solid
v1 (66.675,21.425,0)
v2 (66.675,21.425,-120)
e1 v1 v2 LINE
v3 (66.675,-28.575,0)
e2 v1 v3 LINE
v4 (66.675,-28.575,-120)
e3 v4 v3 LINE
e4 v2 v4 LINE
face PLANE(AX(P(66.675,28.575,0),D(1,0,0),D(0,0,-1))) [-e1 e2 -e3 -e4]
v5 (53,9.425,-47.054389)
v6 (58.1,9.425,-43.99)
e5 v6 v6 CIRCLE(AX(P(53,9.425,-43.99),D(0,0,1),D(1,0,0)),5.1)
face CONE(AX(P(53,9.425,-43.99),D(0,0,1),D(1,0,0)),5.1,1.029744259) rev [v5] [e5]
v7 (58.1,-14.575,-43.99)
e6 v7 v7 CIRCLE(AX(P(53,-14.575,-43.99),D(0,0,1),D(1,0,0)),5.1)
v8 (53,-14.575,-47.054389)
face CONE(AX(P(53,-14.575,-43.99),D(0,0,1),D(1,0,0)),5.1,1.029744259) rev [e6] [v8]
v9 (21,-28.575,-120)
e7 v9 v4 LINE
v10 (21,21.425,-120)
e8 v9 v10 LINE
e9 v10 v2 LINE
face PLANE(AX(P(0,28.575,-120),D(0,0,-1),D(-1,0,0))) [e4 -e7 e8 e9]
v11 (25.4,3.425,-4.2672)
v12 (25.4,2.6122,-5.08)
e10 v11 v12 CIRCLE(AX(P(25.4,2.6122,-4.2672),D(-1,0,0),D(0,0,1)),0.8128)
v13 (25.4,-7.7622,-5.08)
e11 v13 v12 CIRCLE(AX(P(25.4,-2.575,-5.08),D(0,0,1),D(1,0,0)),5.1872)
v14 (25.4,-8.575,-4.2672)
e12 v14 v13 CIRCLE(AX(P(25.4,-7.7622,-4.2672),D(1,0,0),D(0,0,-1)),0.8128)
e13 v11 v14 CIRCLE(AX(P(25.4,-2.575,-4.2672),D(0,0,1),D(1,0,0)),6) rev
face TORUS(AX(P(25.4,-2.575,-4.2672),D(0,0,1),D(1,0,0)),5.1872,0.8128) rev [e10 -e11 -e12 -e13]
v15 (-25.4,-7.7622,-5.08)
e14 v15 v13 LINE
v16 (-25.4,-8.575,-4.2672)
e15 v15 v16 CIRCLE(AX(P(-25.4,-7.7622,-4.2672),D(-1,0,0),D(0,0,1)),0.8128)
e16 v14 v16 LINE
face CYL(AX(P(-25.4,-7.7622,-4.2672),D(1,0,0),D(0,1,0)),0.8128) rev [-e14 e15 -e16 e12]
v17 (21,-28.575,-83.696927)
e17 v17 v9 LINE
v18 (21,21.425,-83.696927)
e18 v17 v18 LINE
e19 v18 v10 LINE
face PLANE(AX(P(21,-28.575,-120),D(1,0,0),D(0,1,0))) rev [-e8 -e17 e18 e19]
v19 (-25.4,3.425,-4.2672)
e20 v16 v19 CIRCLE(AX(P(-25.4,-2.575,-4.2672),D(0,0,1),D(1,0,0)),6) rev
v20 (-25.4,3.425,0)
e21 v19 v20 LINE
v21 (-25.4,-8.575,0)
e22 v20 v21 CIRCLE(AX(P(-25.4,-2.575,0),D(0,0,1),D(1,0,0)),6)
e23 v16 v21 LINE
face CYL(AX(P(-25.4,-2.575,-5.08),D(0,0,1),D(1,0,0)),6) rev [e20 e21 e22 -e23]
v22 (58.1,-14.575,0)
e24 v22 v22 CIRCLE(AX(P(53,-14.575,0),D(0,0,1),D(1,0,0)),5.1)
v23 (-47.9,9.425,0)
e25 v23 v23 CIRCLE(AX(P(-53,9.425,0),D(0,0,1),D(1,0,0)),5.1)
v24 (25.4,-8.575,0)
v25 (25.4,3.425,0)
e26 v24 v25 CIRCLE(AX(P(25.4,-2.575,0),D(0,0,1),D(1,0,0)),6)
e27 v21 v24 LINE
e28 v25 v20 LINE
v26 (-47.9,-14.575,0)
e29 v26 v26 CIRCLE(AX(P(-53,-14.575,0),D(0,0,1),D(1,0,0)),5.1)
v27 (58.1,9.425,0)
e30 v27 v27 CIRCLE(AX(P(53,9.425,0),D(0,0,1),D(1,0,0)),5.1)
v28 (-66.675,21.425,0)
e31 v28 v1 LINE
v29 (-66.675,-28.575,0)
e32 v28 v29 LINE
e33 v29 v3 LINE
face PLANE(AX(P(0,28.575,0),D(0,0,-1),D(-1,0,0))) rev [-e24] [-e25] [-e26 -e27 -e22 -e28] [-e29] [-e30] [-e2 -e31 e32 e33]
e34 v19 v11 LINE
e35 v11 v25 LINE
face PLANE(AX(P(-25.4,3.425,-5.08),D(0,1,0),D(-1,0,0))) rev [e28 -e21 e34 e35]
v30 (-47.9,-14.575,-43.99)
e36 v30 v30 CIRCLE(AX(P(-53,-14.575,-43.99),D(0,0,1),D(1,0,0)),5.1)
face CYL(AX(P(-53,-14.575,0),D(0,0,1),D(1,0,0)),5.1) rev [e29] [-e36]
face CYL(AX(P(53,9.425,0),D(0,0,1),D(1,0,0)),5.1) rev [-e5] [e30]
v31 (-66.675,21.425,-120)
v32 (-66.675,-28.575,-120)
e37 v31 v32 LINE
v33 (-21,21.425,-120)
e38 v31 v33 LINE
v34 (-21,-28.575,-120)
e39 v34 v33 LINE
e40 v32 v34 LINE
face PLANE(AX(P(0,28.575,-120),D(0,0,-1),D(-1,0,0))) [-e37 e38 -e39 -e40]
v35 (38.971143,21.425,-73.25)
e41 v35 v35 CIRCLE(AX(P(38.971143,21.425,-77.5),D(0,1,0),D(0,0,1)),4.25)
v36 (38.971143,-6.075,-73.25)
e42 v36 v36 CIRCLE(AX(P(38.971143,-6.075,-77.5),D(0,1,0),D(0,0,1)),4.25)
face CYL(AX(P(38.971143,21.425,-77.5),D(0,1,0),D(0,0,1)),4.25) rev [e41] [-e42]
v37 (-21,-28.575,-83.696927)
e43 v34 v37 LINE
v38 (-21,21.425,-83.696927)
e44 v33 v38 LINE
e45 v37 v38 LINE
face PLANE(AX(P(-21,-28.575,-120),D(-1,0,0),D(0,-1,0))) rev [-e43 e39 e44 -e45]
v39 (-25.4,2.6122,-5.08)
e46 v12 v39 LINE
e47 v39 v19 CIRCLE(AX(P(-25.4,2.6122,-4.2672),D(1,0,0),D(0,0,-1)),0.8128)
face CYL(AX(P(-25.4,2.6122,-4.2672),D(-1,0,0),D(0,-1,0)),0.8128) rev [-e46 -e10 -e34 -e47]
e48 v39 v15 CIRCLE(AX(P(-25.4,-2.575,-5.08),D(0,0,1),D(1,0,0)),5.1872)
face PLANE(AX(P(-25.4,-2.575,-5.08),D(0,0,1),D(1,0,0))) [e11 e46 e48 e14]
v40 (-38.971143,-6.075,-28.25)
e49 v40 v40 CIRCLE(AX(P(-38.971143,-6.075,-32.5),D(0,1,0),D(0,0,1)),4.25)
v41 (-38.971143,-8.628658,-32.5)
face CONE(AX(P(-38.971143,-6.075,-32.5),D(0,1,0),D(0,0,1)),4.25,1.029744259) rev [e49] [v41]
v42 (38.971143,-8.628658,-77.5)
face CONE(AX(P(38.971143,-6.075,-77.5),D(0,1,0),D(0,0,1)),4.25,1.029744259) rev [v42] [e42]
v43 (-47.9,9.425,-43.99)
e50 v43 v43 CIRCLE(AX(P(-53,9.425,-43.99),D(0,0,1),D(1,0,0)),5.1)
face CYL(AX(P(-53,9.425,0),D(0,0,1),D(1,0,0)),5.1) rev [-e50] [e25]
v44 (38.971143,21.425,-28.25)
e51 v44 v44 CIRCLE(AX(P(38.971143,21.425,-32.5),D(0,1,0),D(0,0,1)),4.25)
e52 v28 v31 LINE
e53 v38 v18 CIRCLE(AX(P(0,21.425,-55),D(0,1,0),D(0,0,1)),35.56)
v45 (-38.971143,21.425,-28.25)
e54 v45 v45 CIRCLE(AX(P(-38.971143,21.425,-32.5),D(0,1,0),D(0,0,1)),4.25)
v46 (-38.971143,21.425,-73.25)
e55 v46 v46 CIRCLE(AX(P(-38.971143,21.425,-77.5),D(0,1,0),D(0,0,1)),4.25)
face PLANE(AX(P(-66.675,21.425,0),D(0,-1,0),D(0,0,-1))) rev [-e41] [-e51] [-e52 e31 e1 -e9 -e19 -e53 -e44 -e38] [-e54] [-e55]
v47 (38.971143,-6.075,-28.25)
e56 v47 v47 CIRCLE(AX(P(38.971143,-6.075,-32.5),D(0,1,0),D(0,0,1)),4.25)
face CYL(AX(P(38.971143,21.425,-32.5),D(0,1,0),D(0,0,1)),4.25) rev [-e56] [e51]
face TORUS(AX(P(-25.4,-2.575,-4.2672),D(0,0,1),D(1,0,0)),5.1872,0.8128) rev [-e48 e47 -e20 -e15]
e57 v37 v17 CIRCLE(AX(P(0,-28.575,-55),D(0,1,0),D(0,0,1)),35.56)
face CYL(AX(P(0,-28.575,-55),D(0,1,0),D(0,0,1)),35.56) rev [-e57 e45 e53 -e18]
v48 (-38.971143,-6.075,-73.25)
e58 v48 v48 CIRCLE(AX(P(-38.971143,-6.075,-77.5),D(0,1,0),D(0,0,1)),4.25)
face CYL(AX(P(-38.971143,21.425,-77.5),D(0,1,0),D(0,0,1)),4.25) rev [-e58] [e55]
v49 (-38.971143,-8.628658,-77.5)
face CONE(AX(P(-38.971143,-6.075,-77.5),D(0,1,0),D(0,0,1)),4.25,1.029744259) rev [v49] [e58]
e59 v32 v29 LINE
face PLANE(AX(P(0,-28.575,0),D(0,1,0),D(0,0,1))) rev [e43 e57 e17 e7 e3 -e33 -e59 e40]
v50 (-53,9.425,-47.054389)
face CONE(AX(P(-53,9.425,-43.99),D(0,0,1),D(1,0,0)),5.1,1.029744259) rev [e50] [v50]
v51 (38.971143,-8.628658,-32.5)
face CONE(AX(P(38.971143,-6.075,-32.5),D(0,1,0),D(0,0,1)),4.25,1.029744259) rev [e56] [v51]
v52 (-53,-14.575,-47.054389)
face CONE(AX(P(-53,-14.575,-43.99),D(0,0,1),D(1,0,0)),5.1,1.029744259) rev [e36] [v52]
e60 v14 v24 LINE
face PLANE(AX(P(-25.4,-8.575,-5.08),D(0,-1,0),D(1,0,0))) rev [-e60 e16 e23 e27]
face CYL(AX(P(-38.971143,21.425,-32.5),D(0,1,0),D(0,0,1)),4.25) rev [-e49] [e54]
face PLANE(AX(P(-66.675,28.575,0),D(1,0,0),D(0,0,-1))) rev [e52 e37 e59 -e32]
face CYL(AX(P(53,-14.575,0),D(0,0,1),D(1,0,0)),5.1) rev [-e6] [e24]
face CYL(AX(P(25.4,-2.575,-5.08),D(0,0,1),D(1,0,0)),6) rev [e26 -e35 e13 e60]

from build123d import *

# Parameters (mm, degrees)
SKETCH1_W               = 133.35
SKETCH1_H               = 120.65
BOSS_EXTRUDE1_DEPTH     = 28.575
CUT_EXTRUDE2_DEPTH      = 141.221561288
CUT_EXTRUDE2_DEPTH_BACK = 141.221561288
SKETCH1_3_W             = 133.35
SKETCH1_3_H             = 0.65
SKETCH2_W               = 120
SKETCH2_H               = 7.15
CUT_EXTRUDE3_DEPTH      = 182.655589303
SKETCH3_R               = 35.56
CUT_EXTRUDE4_DEPTH      = 147.101182832
SKETCH4_W               = 42
SKETCH4_H               = 36.303073335
CUT_EXTRUDE5_DEPTH      = 147.101182832
M10_TAPPED_HOLE1_D      = 8.5
M10_TAPPED_HOLE1_DEPTH  = 27.5
M10_TAPPED_HOLE1_TIP    = 2.553657631
M12_TAPPED_HOLE1_D      = 10.2
M12_TAPPED_HOLE1_DEPTH  = 43.99
M12_TAPPED_HOLE1_TIP    = 3.064389157
CUT_EXTRUDE6_DEPTH      = 5.08
FILLET1_R               = 0.8128


with BuildPart() as part:
    # Sketch1 → Boss-Extrude1 (new, symmetric)
    with BuildSketch(Plane(origin=(0, 0, 0), x_dir=(1, 0, 0), z_dir=(0, 1, 0))):
        with Locations((0, 59.675)):
            Rectangle(SKETCH1_W, SKETCH1_H)
    extrude(amount=BOSS_EXTRUDE1_DEPTH, both=True)

    # Sketch1<3> → Cut-Extrude2 (cut, two sides: drawn at the far end of the back side and taken through both)
    with BuildSketch(Plane(origin=(0, 0, 0), x_dir=(1, 0, 0), z_dir=(0, 1, 0)).offset(-CUT_EXTRUDE2_DEPTH_BACK)):
        with Locations((0, -0.325)):
            Rectangle(SKETCH1_3_W, SKETCH1_3_H)
    extrude(amount=CUT_EXTRUDE2_DEPTH + CUT_EXTRUDE2_DEPTH_BACK, mode=Mode.SUBTRACT)

    # Sketch2 → Cut-Extrude3 (cut, through all)
    with BuildSketch(Plane(origin=(66.675, 0, 0), x_dir=(0, 0, -1), z_dir=(1, 0, 0))):
        with Locations((60, 25)):
            Rectangle(SKETCH2_W, SKETCH2_H)
    extrude(amount=-CUT_EXTRUDE3_DEPTH, mode=Mode.SUBTRACT)

    # Sketch3 → Cut-Extrude4 (cut, through all)
    with BuildSketch(Plane(origin=(0, 21.425, 0), x_dir=(1, 0, 0), z_dir=(0, 1, 0))):
        with Locations((0, 55)):
            Circle(SKETCH3_R)
    extrude(amount=-CUT_EXTRUDE4_DEPTH, mode=Mode.SUBTRACT)

    # Sketch4 → Cut-Extrude5 (cut, through all)
    with BuildSketch(Plane(origin=(0, 21.425, 0), x_dir=(1, 0, 0), z_dir=(0, 1, 0))):
        with Locations((0, 101.848463333)):
            Rectangle(SKETCH4_W, SKETCH4_H)
    extrude(amount=-CUT_EXTRUDE5_DEPTH, mode=Mode.SUBTRACT)

    # M10 Tapped Hole1
    with Locations(Plane(origin=(0, 21.425, 0), x_dir=(1, 0, 0), z_dir=(0, 1, 0))):
        with Locations((-38.97114317, 77.5), (-38.97114317, 32.5), (38.97114317, 77.5), (38.97114317, 32.5)):
            Hole(M10_TAPPED_HOLE1_D / 2, depth=M10_TAPPED_HOLE1_DEPTH)
            with Locations((0, 0, -(M10_TAPPED_HOLE1_DEPTH + M10_TAPPED_HOLE1_TIP / 2))):  # 118° drill point
                Cone(0, M10_TAPPED_HOLE1_D / 2, M10_TAPPED_HOLE1_TIP, mode=Mode.SUBTRACT)

    # M12 Tapped Hole1
    with Locations(Plane.XY):
        with Locations((-53, 9.425), (-53, -14.575), (53, 9.425), (53, -14.575)):
            Hole(M12_TAPPED_HOLE1_D / 2, depth=M12_TAPPED_HOLE1_DEPTH)
            with Locations((0, 0, -(M12_TAPPED_HOLE1_DEPTH + M12_TAPPED_HOLE1_TIP / 2))):  # 118° drill point
                Cone(0, M12_TAPPED_HOLE1_D / 2, M12_TAPPED_HOLE1_TIP, mode=Mode.SUBTRACT)

    # Sketch9 → Cut-Extrude6 (cut)
    with BuildSketch(Plane.XY):
        with BuildLine():
            Line((-25.4, 3.425), (25.4, 3.425))
            ThreePointArc((25.4, 3.425), (31.4, -2.575), (25.4, -8.575))
            Line((25.4, -8.575), (-25.4, -8.575))
            ThreePointArc((-25.4, -8.575), (-31.4, -2.575), (-25.4, 3.425))
        make_face()
    extrude(amount=-CUT_EXTRUDE6_DEPTH, mode=Mode.SUBTRACT)

    # Fillet1
    fillet1_edges = [part.edges().sort_by_distance(p)[0] for p in [
        (0, -8.575, -5.08),
        (-31.4, -2.575, -5.08),
        (0, 3.425, -5.08),
        (31.4, -2.575, -5.08),
    ]]
    fillet(fillet1_edges, radius=FILLET1_R)


solid = part.part
